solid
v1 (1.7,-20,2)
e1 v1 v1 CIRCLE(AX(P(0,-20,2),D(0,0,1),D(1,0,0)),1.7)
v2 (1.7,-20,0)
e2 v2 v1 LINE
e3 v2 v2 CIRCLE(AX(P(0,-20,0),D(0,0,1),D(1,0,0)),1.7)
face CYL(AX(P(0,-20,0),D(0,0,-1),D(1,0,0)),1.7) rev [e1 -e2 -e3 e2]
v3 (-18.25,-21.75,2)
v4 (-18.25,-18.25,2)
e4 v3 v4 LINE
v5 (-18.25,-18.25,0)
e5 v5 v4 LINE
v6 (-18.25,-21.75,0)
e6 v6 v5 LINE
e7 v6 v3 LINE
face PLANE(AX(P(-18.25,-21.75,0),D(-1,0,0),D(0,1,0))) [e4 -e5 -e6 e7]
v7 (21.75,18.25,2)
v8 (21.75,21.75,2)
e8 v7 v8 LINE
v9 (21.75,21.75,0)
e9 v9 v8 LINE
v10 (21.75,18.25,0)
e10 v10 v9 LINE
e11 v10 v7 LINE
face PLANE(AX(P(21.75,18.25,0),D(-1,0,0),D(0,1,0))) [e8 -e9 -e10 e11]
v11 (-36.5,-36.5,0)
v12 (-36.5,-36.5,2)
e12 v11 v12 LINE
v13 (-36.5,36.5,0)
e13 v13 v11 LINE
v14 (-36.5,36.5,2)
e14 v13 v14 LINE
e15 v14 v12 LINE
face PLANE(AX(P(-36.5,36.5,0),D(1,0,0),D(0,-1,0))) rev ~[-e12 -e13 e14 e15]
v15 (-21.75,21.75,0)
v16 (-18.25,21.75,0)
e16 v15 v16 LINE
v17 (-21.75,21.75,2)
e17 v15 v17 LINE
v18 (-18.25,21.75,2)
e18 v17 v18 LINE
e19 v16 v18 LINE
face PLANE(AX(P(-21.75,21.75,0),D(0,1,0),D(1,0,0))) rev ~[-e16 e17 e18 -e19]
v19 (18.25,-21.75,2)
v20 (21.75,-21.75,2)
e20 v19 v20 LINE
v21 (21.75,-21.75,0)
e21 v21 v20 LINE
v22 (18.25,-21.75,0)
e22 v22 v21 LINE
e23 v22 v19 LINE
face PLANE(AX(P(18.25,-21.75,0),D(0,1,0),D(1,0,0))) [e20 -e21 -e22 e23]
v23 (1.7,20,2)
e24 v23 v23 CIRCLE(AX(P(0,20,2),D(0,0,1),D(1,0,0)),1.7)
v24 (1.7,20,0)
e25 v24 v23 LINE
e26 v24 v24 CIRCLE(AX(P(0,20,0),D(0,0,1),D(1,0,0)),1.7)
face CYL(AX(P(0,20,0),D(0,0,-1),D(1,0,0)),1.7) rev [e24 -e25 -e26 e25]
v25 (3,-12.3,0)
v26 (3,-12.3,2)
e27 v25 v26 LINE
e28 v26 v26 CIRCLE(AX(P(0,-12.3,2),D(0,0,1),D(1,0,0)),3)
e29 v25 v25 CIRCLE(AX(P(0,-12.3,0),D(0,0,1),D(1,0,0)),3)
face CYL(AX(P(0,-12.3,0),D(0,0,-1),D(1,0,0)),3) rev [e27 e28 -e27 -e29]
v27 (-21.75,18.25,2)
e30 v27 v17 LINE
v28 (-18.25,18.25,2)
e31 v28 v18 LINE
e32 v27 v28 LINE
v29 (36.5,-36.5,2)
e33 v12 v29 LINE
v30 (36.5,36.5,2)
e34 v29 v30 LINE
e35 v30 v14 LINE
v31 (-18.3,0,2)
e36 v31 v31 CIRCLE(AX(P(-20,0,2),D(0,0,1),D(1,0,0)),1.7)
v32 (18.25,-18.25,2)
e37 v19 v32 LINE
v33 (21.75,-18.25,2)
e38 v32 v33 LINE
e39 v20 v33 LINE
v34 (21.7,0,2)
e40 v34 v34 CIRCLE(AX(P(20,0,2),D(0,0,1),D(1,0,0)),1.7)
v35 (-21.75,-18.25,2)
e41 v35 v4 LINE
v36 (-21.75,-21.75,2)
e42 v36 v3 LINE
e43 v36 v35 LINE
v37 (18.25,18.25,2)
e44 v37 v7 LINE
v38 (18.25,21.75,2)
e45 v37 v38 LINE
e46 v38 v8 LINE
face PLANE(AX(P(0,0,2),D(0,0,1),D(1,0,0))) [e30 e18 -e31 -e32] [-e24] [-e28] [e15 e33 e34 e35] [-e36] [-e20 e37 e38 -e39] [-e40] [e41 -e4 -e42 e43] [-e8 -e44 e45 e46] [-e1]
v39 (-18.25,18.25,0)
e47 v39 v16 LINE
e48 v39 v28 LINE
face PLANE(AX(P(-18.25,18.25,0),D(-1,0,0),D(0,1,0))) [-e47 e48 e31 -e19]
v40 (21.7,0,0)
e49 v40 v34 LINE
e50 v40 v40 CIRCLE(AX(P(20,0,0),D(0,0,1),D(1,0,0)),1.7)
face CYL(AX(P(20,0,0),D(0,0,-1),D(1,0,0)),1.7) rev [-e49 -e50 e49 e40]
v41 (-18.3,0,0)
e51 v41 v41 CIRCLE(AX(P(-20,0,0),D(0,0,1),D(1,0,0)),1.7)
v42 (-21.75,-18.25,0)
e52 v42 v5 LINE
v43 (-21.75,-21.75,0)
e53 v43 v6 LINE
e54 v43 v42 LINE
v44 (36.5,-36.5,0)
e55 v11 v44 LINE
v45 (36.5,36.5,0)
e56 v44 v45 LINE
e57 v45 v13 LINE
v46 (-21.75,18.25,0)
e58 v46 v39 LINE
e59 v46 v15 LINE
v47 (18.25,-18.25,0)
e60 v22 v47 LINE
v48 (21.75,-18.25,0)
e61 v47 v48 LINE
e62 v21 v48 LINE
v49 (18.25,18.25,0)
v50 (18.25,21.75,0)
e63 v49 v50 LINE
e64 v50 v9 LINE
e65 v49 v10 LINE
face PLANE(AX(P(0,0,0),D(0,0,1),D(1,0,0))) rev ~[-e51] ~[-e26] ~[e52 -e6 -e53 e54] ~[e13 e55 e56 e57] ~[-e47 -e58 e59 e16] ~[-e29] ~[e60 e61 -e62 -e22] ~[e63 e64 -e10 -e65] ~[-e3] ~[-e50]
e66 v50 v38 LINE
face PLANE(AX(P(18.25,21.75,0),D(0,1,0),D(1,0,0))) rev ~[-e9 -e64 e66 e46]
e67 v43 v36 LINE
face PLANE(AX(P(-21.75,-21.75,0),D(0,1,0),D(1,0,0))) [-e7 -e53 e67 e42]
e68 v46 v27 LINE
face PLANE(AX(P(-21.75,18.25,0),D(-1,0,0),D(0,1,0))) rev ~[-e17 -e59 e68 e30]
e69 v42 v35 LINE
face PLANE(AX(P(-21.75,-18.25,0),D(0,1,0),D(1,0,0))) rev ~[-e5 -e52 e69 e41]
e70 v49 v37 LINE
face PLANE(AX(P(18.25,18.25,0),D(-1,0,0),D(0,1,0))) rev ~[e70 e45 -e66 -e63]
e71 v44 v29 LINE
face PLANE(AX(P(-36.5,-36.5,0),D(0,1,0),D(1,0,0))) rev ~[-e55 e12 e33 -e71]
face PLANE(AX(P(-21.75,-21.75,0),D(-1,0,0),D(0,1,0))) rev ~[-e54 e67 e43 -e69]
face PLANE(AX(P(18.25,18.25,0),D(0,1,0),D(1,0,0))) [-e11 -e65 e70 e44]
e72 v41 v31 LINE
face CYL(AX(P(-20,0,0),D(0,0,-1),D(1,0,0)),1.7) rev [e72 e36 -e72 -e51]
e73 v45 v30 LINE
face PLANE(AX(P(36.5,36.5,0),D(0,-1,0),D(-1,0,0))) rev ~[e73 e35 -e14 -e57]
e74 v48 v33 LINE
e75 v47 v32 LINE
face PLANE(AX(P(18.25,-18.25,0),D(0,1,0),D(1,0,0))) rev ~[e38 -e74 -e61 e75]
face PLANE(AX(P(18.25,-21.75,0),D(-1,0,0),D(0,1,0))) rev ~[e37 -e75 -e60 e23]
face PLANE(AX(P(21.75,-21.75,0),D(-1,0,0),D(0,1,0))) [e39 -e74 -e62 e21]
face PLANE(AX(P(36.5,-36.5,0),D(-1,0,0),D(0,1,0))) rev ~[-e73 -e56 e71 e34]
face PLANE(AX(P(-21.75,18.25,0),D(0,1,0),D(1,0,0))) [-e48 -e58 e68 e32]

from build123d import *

# Parameters (mm, degrees)
F0_W     = 3.5
F0_H     = 3.5
F0_R     = 1.7
F0_R_2   = 3
F1_DEPTH = 2


with BuildPart() as f1:
    # F0 (on Top) → F1 (new body)
    with BuildSketch(Plane.XY):
        Polygon((36.5, -36.5), (36.5, 0), (36.5, 36.5), (0, 36.5), (-36.5, 36.5), (-36.5, 0), (-36.5, -36.5), (0, -36.5), align=None)
        with Locations((-20, -20)):
            Rectangle(F0_W, F0_H, mode=Mode.SUBTRACT)
        with Locations((0, -20)):
            Circle(F0_R, mode=Mode.SUBTRACT)
        with Locations((20, -20)):
            Rectangle(F0_W, F0_H, mode=Mode.SUBTRACT)
        with Locations((0, -12.3)):
            Circle(F0_R_2, mode=Mode.SUBTRACT)
        with Locations((-20, 0)):
            Circle(F0_R, mode=Mode.SUBTRACT)
        with Locations((-20, 20)):
            Rectangle(F0_W, F0_H, mode=Mode.SUBTRACT)
        with Locations((20, 0)):
            Circle(F0_R, mode=Mode.SUBTRACT)
        with Locations((0, 20)):
            Circle(F0_R, mode=Mode.SUBTRACT)
        with Locations((20, 20)):
            Rectangle(F0_W, F0_H, mode=Mode.SUBTRACT)
    extrude(amount=F1_DEPTH)


solid = f1.part
